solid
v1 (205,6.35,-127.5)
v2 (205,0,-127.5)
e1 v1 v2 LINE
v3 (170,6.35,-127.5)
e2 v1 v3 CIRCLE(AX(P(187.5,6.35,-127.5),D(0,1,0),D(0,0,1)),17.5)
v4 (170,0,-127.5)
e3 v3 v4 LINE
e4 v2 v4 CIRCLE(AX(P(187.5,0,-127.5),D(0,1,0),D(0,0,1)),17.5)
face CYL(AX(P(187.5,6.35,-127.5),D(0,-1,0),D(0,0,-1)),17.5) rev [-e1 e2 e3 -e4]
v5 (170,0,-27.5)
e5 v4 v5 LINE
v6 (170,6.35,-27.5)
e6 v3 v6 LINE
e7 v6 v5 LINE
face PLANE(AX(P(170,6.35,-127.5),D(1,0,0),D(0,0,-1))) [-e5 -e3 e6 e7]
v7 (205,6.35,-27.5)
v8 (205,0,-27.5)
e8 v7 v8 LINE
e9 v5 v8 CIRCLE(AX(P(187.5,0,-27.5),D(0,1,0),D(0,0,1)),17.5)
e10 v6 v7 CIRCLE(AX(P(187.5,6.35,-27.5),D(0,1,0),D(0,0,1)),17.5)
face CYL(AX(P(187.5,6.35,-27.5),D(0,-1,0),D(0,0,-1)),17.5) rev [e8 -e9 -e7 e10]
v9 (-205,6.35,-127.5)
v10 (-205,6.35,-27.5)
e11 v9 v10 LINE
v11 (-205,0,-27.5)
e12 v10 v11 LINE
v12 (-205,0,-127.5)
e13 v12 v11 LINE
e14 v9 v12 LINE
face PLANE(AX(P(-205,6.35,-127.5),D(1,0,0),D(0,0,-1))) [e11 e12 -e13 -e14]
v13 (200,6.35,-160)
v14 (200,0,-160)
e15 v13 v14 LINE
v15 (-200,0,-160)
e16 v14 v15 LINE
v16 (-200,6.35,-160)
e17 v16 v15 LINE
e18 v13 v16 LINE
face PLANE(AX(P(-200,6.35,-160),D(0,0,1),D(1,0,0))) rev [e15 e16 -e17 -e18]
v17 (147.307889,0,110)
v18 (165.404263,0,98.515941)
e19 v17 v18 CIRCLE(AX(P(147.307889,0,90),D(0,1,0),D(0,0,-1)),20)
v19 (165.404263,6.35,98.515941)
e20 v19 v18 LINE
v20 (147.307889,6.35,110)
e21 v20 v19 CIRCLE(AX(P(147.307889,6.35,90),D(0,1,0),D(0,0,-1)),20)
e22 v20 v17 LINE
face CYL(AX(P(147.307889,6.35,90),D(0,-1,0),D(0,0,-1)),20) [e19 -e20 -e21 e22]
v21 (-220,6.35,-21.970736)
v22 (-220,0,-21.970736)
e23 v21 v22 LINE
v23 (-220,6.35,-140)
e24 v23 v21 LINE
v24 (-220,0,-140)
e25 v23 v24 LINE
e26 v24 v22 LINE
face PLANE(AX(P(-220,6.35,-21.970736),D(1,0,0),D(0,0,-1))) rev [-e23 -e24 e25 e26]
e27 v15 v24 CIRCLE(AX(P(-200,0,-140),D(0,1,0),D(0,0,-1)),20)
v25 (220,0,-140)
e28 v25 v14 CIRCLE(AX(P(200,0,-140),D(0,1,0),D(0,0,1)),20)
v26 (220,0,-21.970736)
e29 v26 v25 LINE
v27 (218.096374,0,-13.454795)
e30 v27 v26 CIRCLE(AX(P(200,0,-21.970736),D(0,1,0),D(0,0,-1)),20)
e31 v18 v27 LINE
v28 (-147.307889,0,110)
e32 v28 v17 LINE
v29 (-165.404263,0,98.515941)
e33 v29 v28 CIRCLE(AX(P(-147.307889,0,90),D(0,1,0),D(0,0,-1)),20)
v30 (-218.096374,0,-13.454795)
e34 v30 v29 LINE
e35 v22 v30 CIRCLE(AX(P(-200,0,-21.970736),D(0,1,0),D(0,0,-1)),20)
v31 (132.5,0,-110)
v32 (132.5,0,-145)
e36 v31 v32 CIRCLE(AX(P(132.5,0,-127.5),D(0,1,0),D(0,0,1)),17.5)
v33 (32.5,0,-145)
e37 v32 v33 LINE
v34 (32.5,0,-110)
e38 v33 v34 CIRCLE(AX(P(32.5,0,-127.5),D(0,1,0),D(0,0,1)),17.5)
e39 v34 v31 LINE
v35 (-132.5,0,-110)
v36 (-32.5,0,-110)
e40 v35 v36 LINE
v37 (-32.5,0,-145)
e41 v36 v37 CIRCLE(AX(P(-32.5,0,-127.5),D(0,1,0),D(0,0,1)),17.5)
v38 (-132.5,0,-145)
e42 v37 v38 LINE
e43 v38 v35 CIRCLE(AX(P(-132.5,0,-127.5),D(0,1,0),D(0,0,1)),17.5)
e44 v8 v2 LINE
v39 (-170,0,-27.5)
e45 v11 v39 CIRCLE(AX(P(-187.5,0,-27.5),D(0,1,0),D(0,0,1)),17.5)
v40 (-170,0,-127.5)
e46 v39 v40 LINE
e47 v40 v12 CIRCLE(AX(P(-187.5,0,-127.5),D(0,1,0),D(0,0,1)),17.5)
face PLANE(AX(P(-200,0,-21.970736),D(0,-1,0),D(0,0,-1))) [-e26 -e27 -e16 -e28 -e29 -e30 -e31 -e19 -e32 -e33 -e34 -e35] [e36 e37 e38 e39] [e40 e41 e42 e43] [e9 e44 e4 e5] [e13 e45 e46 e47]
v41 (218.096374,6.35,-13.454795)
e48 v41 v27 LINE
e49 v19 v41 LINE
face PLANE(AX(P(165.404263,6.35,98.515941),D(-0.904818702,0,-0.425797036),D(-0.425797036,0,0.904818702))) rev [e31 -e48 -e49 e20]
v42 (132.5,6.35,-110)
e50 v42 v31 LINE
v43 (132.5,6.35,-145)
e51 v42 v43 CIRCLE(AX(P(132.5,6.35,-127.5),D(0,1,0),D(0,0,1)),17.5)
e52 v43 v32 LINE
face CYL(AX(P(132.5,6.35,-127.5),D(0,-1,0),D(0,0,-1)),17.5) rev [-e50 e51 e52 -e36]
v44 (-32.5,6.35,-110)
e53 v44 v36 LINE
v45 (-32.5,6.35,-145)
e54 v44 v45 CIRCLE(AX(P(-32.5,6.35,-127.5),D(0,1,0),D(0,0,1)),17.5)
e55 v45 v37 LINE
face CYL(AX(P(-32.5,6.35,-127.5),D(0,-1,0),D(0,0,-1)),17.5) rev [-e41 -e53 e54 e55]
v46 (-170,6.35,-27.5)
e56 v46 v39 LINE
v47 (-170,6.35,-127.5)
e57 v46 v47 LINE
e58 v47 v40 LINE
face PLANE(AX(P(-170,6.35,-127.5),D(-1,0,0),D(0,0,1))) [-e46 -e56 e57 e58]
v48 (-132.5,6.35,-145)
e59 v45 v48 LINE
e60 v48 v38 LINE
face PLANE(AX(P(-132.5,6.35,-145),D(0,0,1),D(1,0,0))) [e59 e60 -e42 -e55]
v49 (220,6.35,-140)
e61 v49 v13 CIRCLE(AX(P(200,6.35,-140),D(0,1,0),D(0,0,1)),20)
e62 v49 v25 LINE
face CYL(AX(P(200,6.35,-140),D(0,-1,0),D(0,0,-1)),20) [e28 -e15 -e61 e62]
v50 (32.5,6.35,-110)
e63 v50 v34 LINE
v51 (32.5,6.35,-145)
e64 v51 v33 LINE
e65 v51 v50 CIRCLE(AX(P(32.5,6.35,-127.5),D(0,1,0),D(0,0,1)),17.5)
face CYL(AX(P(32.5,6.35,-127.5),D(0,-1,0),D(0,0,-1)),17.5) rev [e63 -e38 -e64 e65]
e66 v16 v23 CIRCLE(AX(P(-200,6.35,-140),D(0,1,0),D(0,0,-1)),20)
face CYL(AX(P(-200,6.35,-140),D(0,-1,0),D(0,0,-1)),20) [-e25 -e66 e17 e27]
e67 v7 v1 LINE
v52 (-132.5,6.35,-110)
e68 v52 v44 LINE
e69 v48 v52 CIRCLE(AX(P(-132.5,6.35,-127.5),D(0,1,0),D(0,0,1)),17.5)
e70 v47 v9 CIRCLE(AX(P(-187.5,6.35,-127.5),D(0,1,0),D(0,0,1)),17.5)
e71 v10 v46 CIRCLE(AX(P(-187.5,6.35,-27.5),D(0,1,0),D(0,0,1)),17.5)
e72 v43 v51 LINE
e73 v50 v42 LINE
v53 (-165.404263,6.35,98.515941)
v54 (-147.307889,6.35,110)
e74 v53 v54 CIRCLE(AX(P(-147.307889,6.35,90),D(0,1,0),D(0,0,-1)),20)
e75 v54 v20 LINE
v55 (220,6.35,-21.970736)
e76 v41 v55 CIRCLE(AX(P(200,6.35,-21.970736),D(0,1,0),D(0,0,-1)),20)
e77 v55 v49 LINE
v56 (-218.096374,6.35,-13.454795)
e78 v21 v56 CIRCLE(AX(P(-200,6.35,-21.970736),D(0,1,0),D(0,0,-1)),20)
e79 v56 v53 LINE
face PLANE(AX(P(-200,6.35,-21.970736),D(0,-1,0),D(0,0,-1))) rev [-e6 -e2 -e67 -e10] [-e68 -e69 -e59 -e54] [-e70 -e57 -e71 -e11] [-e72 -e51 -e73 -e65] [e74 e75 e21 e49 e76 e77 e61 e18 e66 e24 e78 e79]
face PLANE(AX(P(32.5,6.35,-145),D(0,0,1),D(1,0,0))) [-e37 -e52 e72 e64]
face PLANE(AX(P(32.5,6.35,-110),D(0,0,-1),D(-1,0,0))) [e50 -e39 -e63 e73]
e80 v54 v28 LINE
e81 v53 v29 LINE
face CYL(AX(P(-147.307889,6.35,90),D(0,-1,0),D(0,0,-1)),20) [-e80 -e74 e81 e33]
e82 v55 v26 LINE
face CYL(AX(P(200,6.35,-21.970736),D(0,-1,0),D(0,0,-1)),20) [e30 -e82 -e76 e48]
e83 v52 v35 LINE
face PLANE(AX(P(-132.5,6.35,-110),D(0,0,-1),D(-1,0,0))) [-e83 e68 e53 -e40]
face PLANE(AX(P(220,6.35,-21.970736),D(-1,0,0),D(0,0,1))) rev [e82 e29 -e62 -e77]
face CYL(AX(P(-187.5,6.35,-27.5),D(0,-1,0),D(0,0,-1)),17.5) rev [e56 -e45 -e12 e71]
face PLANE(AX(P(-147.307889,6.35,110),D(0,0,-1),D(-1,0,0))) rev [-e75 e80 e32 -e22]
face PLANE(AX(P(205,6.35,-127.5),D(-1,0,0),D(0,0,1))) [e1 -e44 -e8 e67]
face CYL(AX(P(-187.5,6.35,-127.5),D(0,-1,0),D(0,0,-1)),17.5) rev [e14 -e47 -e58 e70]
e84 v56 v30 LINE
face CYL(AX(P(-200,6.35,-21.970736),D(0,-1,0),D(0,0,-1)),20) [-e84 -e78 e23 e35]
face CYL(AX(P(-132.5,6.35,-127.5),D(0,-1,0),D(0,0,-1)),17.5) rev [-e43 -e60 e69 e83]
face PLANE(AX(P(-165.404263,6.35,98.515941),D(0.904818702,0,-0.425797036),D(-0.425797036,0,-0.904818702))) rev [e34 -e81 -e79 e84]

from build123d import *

# Parameters (mm, degrees)
BOSS_EXTRUDE1_DEPTH = 6.35


with BuildPart() as part:
    # Sketch1 → Boss-Extrude1 (new body)
    with BuildSketch(Plane(origin=(0, 0, 0), x_dir=(1, 0, 0), z_dir=(0, 1, 0))):
        with BuildLine():
            Line((-147.307889143, -110), (147.307889143, -110))
            ThreePointArc((147.307889143, -110), (158.024259459, -106.886663592), (165.404263187, -98.515940727))
            Line((165.404263187, -98.515940727), (218.096374044, 13.454794844))
            ThreePointArc((218.096374044, 13.454794844), (219.518292457, 17.607679352), (220, 21.97073557))
            Line((220, 21.97073557), (220, 140))
            ThreePointArc((220, 140), (214.142135624, 154.142135624), (200, 160))
            Line((200, 160), (-200, 160))
            ThreePointArc((-200, 160), (-214.142135624, 154.142135624), (-220, 140))
            Line((-220, 140), (-220, 21.97073557))
            ThreePointArc((-220, 21.97073557), (-219.518292457, 17.607679352), (-218.096374044, 13.454794844))
            Line((-218.096374044, 13.454794844), (-165.404263187, -98.515940727))
            ThreePointArc((-165.404263187, -98.515940727), (-158.024259459, -106.886663592), (-147.307889143, -110))
        make_face()
        with BuildLine():
            Line((-170, 127.5), (-170, 27.5))
            ThreePointArc((-170, 27.5), (-187.5, 10), (-205, 27.5))
            Line((-205, 27.5), (-205, 127.5))
            ThreePointArc((-205, 127.5), (-187.5, 145), (-170, 127.5))
        make_face(mode=Mode.SUBTRACT)
        with BuildLine():
            Line((-132.5, 145), (-32.5, 145))
            ThreePointArc((-32.5, 145), (-15, 127.5), (-32.5, 110))
            Line((-32.5, 110), (-132.5, 110))
            ThreePointArc((-132.5, 110), (-150, 127.5), (-132.5, 145))
        make_face(mode=Mode.SUBTRACT)
        with BuildLine():
            Line((205, 127.5), (205, 27.5))
            ThreePointArc((205, 27.5), (187.5, 10), (170, 27.5))
            Line((170, 27.5), (170, 127.5))
            ThreePointArc((170, 127.5), (187.5, 145), (205, 127.5))
        make_face(mode=Mode.SUBTRACT)
        with BuildLine():
            Line((32.5, 145), (132.5, 145))
            ThreePointArc((132.5, 145), (150, 127.5), (132.5, 110))
            Line((132.5, 110), (32.5, 110))
            ThreePointArc((32.5, 110), (15, 127.5), (32.5, 145))
        make_face(mode=Mode.SUBTRACT)
    extrude(amount=BOSS_EXTRUDE1_DEPTH)


solid = part.part
